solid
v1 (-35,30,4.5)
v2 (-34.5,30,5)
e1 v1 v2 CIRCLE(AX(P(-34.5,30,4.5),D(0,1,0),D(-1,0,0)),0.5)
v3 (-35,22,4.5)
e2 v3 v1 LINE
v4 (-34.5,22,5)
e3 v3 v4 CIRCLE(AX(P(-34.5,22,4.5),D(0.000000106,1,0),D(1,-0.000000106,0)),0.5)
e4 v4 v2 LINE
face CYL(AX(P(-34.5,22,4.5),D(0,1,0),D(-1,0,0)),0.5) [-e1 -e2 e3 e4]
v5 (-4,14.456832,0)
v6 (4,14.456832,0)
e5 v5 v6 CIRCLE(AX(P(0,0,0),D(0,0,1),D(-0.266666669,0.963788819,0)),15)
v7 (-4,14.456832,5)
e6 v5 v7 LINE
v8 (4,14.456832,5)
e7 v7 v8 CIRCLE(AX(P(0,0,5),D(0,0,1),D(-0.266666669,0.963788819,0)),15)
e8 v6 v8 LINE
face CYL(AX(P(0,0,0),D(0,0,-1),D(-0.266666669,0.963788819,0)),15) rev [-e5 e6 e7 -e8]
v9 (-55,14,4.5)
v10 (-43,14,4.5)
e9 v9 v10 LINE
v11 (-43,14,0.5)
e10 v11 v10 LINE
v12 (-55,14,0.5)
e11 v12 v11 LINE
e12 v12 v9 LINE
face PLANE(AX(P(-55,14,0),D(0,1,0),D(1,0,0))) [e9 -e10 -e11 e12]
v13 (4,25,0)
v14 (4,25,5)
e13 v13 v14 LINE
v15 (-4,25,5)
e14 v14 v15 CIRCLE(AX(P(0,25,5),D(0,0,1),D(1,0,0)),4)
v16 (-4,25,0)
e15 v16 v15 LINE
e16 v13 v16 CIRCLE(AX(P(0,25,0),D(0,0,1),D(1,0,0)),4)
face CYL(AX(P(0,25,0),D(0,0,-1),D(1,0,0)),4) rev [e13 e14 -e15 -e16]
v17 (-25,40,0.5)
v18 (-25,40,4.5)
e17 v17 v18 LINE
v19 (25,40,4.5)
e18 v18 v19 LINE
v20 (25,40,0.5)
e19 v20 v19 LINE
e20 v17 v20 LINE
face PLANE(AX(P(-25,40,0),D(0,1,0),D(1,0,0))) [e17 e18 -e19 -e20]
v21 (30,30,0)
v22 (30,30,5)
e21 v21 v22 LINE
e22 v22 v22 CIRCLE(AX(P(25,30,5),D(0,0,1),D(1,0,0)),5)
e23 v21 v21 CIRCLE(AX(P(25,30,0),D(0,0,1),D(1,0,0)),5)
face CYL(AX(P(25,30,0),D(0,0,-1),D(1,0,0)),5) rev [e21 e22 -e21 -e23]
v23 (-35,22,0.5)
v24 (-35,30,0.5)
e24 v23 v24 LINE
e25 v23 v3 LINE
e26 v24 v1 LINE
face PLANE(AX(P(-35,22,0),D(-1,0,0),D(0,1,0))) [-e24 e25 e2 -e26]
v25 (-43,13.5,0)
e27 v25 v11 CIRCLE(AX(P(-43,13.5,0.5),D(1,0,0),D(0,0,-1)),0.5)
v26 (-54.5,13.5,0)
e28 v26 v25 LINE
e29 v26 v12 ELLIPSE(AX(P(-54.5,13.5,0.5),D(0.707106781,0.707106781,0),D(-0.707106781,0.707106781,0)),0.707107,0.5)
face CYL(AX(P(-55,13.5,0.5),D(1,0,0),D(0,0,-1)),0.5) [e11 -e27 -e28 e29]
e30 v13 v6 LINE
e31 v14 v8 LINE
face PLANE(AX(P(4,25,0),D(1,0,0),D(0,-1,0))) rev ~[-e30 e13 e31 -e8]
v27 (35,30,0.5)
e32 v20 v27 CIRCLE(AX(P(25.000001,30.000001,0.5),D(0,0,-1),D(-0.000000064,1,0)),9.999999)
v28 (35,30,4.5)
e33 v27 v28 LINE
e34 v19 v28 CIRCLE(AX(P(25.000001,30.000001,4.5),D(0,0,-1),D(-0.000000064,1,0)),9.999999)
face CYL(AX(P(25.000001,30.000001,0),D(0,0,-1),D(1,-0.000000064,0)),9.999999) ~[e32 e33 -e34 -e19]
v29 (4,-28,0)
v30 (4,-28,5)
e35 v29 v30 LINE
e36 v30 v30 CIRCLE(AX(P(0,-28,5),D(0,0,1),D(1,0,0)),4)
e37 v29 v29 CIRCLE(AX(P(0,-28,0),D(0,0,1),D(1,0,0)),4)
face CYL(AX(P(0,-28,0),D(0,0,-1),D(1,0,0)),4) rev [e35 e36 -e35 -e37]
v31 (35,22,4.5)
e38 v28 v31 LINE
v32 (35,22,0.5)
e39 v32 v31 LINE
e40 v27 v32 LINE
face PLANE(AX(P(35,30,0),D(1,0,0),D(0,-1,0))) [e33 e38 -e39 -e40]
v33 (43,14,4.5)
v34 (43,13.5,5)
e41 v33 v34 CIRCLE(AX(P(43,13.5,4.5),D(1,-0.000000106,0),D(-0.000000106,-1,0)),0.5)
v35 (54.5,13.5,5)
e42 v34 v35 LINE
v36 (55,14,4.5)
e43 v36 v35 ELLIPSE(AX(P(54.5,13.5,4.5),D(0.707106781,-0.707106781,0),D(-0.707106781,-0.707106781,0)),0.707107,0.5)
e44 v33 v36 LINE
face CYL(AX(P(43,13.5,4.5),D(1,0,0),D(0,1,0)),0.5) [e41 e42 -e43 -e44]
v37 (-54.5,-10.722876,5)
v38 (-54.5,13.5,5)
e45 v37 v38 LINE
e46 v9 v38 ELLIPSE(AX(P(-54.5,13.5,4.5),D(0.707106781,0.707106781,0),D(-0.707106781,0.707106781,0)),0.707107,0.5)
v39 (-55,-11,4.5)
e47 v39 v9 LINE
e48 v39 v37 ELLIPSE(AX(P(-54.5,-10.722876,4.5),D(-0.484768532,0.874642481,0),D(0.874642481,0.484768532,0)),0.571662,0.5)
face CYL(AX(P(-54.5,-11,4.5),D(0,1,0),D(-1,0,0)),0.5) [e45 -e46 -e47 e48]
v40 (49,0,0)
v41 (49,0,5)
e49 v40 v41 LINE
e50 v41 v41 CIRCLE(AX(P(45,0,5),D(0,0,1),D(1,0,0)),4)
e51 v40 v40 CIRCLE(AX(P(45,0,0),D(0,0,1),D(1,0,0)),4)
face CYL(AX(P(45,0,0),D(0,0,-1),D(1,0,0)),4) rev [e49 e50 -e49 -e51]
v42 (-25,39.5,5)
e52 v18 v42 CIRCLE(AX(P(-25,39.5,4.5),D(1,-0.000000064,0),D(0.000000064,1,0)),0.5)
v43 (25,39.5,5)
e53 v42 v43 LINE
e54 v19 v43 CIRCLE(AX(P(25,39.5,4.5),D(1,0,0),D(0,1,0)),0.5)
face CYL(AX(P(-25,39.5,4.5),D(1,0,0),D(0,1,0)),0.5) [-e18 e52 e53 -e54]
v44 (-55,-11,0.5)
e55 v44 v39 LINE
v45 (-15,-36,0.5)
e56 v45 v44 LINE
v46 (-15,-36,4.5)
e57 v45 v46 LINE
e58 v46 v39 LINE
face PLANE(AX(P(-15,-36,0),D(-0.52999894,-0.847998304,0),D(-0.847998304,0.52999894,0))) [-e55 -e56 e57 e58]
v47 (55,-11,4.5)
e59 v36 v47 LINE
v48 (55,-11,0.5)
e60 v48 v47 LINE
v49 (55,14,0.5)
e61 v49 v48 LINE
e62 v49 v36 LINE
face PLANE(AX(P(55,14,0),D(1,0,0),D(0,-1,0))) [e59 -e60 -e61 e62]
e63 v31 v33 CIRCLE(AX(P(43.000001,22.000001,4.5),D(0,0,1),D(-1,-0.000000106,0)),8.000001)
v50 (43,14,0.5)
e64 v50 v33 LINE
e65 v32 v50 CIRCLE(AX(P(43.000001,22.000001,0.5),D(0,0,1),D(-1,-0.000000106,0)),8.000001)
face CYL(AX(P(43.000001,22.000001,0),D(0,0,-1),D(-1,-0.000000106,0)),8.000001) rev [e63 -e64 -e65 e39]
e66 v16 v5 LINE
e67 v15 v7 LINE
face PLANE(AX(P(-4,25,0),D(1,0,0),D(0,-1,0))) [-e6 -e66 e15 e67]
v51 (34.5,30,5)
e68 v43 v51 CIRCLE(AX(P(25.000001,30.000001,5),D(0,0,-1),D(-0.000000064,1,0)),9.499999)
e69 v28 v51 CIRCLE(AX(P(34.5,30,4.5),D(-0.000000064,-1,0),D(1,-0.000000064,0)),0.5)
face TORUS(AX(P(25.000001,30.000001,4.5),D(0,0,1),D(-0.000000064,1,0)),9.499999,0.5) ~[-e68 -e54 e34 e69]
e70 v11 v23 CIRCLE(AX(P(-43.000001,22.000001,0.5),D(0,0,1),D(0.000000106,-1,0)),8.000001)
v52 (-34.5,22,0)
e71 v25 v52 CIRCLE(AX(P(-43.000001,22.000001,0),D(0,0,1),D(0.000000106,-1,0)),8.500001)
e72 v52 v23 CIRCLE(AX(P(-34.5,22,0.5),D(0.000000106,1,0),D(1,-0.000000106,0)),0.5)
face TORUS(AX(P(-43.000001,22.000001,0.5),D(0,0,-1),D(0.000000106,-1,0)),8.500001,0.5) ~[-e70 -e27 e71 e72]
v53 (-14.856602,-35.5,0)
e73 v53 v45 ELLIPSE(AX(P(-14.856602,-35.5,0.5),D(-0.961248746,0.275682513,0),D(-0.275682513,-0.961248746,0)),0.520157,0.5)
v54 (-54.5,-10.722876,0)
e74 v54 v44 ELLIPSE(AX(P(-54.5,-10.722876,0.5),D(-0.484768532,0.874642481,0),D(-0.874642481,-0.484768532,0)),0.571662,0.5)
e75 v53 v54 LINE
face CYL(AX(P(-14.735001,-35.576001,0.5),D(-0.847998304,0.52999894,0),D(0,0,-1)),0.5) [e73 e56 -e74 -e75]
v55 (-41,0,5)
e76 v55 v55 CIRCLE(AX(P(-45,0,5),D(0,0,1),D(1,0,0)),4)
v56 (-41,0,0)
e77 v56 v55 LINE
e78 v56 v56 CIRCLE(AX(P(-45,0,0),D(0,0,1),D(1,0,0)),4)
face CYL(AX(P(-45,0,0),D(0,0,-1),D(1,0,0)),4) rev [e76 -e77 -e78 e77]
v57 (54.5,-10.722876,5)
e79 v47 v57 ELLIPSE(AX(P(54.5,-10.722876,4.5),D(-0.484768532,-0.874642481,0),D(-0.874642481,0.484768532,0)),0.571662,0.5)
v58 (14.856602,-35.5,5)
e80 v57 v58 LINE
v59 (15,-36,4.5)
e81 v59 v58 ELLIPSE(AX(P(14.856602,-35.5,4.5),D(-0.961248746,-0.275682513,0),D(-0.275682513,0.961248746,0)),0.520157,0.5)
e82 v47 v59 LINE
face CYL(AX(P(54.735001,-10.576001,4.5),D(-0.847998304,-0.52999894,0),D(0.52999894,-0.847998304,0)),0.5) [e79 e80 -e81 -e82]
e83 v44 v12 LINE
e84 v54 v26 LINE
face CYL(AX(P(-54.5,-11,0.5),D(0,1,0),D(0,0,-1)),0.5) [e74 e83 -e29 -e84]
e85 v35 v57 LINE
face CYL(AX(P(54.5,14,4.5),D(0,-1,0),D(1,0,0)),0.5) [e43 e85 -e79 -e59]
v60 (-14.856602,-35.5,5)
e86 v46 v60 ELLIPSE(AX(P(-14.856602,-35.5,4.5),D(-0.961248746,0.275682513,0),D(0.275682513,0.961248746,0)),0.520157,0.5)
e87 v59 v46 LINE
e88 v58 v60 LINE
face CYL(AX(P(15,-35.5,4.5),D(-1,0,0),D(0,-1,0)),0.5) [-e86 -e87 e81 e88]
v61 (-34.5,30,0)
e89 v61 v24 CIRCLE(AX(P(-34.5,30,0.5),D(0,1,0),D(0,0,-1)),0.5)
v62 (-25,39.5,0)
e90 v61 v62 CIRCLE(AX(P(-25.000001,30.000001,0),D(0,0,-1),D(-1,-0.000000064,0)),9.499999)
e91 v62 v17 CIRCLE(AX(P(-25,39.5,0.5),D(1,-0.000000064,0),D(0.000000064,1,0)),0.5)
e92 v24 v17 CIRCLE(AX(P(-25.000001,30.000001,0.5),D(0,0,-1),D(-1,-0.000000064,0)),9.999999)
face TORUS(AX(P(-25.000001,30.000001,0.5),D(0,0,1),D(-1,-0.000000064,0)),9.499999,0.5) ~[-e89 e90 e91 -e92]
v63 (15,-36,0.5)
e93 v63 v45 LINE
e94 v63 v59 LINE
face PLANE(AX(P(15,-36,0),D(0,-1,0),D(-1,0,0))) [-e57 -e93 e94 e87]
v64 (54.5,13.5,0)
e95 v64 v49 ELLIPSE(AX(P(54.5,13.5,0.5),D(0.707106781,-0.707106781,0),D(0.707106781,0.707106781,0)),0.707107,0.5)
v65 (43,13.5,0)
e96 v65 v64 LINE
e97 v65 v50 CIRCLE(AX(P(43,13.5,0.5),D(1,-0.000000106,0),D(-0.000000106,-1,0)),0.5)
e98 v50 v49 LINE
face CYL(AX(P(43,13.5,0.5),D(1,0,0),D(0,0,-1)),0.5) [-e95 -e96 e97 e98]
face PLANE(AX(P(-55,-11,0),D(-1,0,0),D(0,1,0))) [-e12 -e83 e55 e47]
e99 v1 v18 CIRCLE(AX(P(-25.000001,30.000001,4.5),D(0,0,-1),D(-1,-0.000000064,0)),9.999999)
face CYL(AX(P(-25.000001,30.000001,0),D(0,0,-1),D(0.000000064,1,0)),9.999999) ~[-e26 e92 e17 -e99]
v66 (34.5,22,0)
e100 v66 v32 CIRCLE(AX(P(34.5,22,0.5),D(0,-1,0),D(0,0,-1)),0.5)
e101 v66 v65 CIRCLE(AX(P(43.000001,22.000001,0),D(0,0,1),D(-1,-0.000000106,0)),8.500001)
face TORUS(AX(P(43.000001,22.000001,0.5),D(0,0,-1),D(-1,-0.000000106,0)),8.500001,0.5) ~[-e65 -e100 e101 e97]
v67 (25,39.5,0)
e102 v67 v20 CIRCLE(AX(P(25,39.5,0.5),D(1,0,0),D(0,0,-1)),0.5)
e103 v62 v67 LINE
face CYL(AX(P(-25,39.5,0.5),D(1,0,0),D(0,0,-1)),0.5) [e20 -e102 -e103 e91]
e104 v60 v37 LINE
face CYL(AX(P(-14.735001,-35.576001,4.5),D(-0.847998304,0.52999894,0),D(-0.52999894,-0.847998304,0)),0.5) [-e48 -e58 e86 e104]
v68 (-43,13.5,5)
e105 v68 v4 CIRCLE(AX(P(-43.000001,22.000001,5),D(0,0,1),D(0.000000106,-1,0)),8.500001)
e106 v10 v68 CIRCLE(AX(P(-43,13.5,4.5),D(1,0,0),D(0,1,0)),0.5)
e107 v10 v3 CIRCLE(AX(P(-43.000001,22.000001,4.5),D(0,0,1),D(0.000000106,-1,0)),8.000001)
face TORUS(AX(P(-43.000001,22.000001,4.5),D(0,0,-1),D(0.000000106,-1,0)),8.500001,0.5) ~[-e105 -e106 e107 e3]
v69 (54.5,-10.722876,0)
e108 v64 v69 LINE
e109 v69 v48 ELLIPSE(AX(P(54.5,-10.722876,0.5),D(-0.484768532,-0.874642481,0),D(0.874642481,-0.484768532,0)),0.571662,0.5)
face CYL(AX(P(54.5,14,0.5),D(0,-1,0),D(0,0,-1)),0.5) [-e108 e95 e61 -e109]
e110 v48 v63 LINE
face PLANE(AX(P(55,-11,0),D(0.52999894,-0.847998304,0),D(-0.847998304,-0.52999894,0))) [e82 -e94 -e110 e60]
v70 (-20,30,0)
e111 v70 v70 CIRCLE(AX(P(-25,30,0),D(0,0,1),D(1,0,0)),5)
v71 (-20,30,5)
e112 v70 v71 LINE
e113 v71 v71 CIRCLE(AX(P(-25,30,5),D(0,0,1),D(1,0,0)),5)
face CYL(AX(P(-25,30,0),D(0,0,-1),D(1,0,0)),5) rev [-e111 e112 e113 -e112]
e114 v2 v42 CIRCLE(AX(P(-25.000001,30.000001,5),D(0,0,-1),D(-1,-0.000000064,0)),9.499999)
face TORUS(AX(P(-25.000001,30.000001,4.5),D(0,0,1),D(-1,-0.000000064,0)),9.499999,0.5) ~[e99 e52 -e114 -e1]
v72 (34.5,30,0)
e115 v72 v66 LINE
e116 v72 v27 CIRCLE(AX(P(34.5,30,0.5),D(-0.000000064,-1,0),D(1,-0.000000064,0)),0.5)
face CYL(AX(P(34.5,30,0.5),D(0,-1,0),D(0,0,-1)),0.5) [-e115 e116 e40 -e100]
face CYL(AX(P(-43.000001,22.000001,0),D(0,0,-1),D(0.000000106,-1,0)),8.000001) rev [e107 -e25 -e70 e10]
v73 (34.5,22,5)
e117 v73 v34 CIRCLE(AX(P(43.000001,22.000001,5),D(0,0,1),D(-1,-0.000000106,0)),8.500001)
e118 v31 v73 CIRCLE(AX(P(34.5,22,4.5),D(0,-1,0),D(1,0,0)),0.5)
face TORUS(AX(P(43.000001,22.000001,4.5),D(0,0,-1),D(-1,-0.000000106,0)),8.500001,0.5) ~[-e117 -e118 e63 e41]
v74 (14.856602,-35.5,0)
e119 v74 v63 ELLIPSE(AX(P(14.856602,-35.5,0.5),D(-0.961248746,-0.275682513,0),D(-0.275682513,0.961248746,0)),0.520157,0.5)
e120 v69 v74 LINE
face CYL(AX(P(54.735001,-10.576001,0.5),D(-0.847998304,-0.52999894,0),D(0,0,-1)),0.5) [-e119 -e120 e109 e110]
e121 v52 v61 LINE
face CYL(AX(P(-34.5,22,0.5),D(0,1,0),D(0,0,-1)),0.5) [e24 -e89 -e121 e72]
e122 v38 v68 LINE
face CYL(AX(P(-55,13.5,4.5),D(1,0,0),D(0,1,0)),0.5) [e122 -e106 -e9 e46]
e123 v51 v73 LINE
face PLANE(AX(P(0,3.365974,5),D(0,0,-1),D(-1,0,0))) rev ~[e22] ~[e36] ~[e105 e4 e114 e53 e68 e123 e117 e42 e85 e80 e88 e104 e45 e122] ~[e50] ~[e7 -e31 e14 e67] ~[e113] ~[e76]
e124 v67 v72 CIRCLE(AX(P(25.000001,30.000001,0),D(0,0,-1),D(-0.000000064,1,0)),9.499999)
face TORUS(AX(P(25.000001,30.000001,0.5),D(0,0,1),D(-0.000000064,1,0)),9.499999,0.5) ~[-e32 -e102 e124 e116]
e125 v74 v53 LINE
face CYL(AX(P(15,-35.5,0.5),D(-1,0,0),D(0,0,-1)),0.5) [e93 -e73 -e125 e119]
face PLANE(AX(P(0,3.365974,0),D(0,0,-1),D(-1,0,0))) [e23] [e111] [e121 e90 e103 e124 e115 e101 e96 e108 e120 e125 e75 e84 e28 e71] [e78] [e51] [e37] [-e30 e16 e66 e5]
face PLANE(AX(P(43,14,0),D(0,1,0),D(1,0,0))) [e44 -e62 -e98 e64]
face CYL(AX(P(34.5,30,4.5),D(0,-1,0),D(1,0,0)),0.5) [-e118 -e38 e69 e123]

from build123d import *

# Parameters (mm, degrees)
SKETCH_R    = 4
SKETCH_R_2  = 5
PAD_DEPTH   = 5
FILLET_R    = 0.5
FILLET001_R = 0.5


with BuildPart() as part:
    # Sketch → Pad (new body)
    with BuildSketch(Plane.XY):
        with BuildLine():
            Line((-25, 40), (25, 40))
            ThreePointArc((35, 30), (32.071068, 37.071068), (25, 40))
            Line((35, 30), (35, 22))
            ThreePointArc((35, 22), (37.343146, 16.343146), (43, 14))
            Line((43, 14), (55, 14))
            Line((55, 14), (55, -11))
            Line((55, -11), (15, -36))
            Line((15, -36), (-15, -36))
            Line((-15, -36), (-55, -11))
            Line((-55, -11), (-55, 14))
            Line((-55, 14), (-43, 14))
            ThreePointArc((-43, 14), (-37.343146, 16.343146), (-35, 22))
            Line((-35, 22), (-35, 30))
            ThreePointArc((-25, 40), (-32.071068, 37.071068), (-35, 30))
        make_face()
        with Locations((0, -28)):
            Circle(SKETCH_R, mode=Mode.SUBTRACT)
        with Locations((45, 0)):
            Circle(SKETCH_R, mode=Mode.SUBTRACT)
        with Locations((-45, 0)):
            Circle(SKETCH_R, mode=Mode.SUBTRACT)
        with Locations((25, 30)):
            Circle(SKETCH_R_2, mode=Mode.SUBTRACT)
        with Locations((-25, 30)):
            Circle(SKETCH_R_2, mode=Mode.SUBTRACT)
        with BuildLine():
            ThreePointArc((-4, 14.456832), (0, -15), (4, 14.456832))
            Line((4, 25), (4, 14.456832))
            ThreePointArc((4, 25), (0, 29), (-4, 25))
            Line((-4, 25), (-4, 14.456832))
        make_face(mode=Mode.SUBTRACT)
    extrude(amount=PAD_DEPTH)

    # Fillet
    fillet_edges = [part.edges().sort_by_distance(p)[0] for p in [
        (-55, 1.5, 5),
        (-35, -23.5, 5),
        (0, -36, 5),
        (35, -23.5, 5),
        (55, 1.5, 5),
        (49, 14, 5),
        (37.343146, 16.343146, 5),
        (35, 26, 5),
        (32.071068, 37.071068, 5),
        (0, 40, 5),
        (-32.071068, 37.071068, 5),
        (-35, 26, 5),
        (-37.343146, 16.343146, 5),
        (-49, 14, 5),
    ]]
    fillet(fillet_edges, radius=FILLET_R)

    # Fillet001
    fillet001_edges = [part.edges().sort_by_distance(p)[0] for p in [
        (0, -36, 0),
        (-35, -23.5, 0),
        (-55, 1.5, 0),
        (-49, 14, 0),
        (-37.343146, 16.343146, 0),
        (-35, 26, 0),
        (-32.071068, 37.071068, 0),
        (0, 40, 0),
        (32.071068, 37.071068, 0),
        (35, 26, 0),
        (37.343146, 16.343146, 0),
        (49, 14, 0),
        (55, 1.5, 0),
        (35, -23.5, 0),
    ]]
    fillet(fillet001_edges, radius=FILLET001_R)


solid = part.part
